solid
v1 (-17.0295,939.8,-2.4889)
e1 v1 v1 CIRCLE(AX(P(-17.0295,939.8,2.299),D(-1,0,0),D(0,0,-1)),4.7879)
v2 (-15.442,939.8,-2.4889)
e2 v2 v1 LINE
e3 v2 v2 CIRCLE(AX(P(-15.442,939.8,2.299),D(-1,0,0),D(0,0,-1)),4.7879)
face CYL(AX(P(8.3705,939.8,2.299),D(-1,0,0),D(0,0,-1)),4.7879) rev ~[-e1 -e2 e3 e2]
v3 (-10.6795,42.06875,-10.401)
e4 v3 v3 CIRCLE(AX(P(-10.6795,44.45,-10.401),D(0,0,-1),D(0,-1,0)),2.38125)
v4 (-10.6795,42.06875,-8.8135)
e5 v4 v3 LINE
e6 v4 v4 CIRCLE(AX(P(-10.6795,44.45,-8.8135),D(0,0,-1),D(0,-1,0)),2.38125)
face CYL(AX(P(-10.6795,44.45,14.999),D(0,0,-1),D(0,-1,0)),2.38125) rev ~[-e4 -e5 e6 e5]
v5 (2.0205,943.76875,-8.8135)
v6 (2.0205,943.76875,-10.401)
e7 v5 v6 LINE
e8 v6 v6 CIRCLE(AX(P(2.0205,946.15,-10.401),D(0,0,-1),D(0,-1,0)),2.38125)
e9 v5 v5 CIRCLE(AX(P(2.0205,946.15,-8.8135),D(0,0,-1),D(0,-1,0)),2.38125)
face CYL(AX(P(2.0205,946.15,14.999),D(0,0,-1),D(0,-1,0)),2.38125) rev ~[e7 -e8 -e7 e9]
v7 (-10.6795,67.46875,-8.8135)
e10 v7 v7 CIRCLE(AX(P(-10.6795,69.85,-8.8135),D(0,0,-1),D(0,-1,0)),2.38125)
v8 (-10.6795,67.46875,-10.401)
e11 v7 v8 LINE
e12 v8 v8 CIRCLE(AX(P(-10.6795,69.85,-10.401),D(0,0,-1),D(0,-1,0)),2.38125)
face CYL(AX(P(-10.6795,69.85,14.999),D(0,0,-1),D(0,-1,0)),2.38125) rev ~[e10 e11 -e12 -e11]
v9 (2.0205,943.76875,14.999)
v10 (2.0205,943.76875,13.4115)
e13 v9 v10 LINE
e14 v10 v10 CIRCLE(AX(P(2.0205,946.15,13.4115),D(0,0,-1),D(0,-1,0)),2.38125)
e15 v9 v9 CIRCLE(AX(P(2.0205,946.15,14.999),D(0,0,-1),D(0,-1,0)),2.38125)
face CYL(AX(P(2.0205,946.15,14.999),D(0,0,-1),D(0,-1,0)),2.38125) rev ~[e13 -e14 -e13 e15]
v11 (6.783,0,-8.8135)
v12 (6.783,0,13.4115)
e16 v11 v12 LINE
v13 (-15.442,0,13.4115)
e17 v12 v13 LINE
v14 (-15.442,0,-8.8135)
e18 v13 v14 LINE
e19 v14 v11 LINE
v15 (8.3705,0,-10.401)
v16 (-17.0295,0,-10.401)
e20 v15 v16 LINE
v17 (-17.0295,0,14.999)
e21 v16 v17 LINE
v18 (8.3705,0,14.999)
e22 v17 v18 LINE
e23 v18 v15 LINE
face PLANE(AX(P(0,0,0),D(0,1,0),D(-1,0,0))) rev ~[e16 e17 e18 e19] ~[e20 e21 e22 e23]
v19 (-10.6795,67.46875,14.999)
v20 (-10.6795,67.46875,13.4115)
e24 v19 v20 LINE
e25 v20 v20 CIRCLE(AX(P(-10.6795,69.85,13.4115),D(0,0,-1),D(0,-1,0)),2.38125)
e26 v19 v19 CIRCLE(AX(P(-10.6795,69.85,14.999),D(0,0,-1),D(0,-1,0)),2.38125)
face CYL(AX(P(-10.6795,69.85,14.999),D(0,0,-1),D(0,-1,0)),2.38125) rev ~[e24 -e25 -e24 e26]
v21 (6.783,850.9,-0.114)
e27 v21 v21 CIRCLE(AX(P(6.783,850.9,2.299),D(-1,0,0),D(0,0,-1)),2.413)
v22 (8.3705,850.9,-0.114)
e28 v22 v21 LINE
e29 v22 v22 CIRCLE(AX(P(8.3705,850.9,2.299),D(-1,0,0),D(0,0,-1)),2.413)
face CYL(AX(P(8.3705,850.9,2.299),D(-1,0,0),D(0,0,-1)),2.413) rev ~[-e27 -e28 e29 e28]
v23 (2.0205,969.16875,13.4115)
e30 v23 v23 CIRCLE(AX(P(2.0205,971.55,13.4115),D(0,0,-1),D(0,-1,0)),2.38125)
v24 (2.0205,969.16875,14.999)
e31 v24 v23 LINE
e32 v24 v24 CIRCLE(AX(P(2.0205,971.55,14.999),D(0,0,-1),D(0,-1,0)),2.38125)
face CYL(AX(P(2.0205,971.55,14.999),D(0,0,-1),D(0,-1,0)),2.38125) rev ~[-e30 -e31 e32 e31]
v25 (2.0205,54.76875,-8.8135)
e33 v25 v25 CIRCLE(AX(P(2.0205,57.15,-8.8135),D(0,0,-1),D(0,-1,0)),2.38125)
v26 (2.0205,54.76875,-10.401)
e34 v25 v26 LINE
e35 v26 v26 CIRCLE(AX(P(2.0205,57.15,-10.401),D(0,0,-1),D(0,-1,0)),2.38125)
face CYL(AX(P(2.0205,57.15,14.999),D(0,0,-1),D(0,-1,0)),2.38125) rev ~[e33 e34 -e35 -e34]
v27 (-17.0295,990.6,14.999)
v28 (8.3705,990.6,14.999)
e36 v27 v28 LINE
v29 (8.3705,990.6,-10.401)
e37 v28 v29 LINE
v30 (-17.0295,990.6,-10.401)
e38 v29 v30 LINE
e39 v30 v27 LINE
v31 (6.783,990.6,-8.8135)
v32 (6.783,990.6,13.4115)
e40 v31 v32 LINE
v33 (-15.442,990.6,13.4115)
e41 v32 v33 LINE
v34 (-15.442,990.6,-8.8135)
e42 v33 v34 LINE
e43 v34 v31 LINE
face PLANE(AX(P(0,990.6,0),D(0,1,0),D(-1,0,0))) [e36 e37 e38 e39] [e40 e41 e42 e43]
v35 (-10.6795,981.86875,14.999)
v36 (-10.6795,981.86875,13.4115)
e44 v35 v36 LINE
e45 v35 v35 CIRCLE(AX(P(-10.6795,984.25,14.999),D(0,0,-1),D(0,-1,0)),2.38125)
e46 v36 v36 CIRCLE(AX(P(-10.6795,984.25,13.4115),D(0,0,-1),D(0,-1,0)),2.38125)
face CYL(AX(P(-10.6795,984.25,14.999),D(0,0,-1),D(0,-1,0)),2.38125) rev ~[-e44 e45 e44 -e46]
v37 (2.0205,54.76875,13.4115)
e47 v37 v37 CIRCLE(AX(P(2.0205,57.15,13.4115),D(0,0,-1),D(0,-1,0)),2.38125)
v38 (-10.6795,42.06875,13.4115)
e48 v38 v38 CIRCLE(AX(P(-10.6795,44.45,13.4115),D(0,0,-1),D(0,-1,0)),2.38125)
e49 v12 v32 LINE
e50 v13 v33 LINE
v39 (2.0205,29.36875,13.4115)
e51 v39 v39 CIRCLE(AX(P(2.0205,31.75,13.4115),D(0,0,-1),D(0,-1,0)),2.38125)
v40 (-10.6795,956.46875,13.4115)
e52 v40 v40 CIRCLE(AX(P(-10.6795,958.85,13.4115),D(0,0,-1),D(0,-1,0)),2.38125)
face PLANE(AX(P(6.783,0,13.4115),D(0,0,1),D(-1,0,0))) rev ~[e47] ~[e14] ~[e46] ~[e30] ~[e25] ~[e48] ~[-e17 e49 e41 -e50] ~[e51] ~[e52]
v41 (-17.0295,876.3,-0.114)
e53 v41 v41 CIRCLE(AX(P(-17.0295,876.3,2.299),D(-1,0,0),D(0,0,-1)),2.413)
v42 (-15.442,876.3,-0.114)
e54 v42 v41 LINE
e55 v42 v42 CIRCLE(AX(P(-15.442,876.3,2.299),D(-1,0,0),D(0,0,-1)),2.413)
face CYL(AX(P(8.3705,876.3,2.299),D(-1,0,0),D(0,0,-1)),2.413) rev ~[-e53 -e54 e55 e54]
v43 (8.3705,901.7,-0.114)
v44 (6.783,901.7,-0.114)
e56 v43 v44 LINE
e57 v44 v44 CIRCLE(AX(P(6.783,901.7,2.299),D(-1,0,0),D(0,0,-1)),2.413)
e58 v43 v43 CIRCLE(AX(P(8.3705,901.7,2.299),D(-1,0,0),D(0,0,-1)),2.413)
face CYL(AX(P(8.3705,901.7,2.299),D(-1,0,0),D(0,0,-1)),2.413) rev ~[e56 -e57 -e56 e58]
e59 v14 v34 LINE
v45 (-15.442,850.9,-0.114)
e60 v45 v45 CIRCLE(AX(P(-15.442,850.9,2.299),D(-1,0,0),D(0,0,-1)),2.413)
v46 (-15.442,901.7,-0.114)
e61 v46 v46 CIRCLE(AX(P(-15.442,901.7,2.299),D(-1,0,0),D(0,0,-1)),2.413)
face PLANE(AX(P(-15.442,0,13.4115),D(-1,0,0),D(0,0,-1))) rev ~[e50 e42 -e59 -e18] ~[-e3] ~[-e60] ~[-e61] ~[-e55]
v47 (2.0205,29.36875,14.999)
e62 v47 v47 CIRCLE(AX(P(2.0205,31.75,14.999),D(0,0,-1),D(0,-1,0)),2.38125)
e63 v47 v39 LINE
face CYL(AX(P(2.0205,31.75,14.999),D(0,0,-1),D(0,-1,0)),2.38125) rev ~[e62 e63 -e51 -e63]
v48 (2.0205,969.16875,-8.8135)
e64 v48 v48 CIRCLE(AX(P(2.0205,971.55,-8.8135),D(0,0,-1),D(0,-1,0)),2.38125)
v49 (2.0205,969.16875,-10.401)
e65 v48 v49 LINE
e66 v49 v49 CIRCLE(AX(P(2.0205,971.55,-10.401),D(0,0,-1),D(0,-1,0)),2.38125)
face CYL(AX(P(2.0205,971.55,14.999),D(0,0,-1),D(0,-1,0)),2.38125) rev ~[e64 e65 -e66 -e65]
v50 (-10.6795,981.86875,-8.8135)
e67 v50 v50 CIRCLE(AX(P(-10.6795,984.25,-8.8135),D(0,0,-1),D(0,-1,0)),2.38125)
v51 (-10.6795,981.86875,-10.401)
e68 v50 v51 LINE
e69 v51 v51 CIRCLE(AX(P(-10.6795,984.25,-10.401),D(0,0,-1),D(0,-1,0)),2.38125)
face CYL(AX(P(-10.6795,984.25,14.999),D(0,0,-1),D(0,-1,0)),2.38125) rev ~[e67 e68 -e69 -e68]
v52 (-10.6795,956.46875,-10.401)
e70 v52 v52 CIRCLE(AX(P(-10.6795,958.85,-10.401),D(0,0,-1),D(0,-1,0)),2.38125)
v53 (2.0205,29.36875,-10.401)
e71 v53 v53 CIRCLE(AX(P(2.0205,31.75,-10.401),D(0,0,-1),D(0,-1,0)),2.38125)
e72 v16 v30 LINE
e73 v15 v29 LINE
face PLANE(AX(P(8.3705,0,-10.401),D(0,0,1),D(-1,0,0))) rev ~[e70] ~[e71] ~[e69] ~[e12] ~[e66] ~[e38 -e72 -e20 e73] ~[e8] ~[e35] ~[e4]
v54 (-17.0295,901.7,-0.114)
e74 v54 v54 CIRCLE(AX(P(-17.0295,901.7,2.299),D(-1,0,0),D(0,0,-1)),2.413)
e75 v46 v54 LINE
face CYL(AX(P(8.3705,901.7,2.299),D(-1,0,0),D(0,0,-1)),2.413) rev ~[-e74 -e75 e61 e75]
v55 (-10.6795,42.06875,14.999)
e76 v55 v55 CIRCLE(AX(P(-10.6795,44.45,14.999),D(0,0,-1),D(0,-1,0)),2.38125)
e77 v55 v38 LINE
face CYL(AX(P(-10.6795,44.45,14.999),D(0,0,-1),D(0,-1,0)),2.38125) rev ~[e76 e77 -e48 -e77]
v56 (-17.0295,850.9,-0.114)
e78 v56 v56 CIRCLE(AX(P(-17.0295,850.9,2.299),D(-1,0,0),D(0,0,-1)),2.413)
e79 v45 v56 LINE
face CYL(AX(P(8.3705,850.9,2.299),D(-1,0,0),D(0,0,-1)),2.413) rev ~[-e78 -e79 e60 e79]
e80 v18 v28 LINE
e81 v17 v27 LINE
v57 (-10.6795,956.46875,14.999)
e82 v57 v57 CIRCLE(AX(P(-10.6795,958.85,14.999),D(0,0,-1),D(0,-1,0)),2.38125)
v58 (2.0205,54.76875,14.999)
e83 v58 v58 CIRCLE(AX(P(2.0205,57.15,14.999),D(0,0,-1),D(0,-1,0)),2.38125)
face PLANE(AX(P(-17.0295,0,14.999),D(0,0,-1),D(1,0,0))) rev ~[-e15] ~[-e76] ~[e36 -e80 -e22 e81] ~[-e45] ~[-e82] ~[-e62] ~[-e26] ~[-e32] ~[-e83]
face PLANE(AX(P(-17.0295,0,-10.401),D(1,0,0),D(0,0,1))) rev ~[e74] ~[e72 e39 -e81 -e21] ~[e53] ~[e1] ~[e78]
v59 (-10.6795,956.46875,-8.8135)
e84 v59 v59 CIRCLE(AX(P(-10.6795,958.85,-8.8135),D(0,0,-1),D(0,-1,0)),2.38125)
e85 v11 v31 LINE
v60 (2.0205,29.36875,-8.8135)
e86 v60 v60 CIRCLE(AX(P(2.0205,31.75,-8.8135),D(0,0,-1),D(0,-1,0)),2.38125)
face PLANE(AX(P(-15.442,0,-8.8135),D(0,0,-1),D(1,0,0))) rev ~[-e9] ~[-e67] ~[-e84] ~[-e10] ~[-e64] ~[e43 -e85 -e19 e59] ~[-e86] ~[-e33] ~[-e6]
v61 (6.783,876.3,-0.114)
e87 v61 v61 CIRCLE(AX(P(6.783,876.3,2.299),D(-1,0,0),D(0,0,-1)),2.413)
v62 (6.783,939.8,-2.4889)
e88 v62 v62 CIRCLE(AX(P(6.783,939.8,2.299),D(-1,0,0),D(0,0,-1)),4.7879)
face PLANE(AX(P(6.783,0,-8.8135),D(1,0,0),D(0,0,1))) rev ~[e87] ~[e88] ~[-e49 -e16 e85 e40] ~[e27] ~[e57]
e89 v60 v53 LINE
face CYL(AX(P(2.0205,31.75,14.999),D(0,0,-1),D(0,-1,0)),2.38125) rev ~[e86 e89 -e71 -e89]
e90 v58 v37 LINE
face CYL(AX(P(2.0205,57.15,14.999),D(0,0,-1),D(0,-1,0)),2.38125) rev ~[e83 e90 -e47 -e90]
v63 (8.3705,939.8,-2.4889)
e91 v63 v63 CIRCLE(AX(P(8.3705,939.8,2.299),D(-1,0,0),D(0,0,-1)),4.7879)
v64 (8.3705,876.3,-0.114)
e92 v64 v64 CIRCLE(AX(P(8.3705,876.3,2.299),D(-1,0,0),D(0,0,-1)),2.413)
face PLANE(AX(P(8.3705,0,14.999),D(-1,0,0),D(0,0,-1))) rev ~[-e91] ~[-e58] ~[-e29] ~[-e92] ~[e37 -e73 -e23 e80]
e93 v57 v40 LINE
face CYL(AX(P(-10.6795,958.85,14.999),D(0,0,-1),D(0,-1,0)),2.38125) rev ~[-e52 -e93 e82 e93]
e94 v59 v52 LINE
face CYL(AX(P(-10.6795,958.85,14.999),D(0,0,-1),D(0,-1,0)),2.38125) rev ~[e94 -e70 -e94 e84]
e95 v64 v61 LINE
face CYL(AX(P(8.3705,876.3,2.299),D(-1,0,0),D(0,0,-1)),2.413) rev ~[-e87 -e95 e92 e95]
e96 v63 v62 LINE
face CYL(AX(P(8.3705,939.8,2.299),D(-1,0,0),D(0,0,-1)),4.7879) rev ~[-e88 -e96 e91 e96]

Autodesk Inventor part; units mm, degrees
ref_plane "YZ Plane" through (0, 0, 0) normal (1, 0, 0) x (0, 1, 0)
ref_plane "XZ Plane" through (0, 0, 0) normal (0, 1, 0) x (-1, 0, 0)
ref_plane "XY Plane" through (0, 0, 0) normal (0, 0, 1) x (1, 0, 0)
sketch "Sketch1" plane through (0, 0, 0) normal (0, 1, 0) x (-1, 0, 0)
  line L0 (17.0295, 14.999) -> (-8.3705, 14.999)
  line L1 (-8.3705, 14.999) -> (-8.3705, -10.401)
  line L2 (-8.3705, -10.401) -> (17.0295, -10.401)
  line L3 (17.0295, -10.401) -> (17.0295, 14.999)
  line L4 (15.442, -8.8135) -> (-6.783, -8.8135)
  line L5 (-6.783, -8.8135) -> (-6.783, 13.4115)
  line L6 (-6.783, 13.4115) -> (15.442, 13.4115)
  line L7 (15.442, 13.4115) -> (15.442, -8.8135)
  point P0 (0, 0)
  dimension "d0" = 25.4
  dimension "d1" = 25.4
  dimension "d4" = 1.5875
  dimension "d5" = 1.5875
  dimension "d6" = 1.5875
  dimension "d7" = 1.5875
extrude "Extrusion2" add sketch "Sketch1" along normal blind 990.6
sketch "Sketch4" plane through (8.3705, 0, 14.999) normal (1, 0, 0) x (0, 0, -1)
  line L0 (25.4, 0) -> (25.4, 990.6) projected
  line L1 (0, 990.6) -> (25.4, 990.6) projected
  point P0 (14.999, 0)
  point P1 (12.7, 939.8)
  dimension "d28" = 12.7
  dimension "d29" = 50.8
hole "Hole3" at (8.3705, 939.8, 2.299) direction (-1, 0, 0) diameter 9.5758 depth 25.4 tip angle 118
sketch "Sketch5" plane through (8.3705, 0, 14.999) normal (1, 0, 0) x (0, 0, -1)
  line L0 (0, 0) -> (0, 990.6) projected
  line L1 (0, 990.6) -> (25.4, 990.6) projected
  point P0 (14.999, 0)
  point P1 (12.7, 901.7)
  point P2 (12.7, 876.3)
  point P3 (12.7, 850.9)
  dimension "d37" = 25.4
  dimension "d38" = 25.4
  dimension "d39" = 12.7
  dimension "d40" = 12.7
  dimension "d41" = 12.7
  dimension "d42" = 88.9
hole "Hole4" at (8.3705, 901.7, 2.299) at (8.3705, 876.3, 2.299) at (8.3705, 850.9, 2.299) direction (-1, 0, 0) diameter 4.826 depth 25.4 tip angle 118
sketch "Sketch6" plane through (-17.0295, 0, 14.999) normal (0, 0, 1) x (1, 0, 0)
  line L0 (0, 0) -> (0, 990.6) projected
  line L1 (0, 990.6) -> (25.4, 990.6) projected
  line L2 (25.4, 0) -> (25.4, 990.6) projected
  point P0 (17.0295, 0)
  point P1 (6.35, 984.25)
  point P2 (19.05, 971.55)
  point P3 (6.35, 958.85)
  point P4 (19.05, 946.15)
  dimension "d50" = 6.35
  dimension "d51" = 6.35
  dimension "d52" = 6.35
  dimension "d53" = 25.4
  dimension "d54" = 6.35
  dimension "d55" = 19.05
  dimension "d56" = 6.35
  dimension "d57" = 25.4
hole "Hole5" at (-10.6795, 984.25, 14.999) at (2.0205, 971.55, 14.999) at (-10.6795, 958.85, 14.999) at (2.0205, 946.15, 14.999) direction (0, 0, -1) diameter 4.7625 depth 25.4 tip angle 118
sketch "Sketch7" plane through (-17.0295, 0, 14.999) normal (0, 0, 1) x (1, 0, 0)
  line L0 (25.4, 0) -> (25.4, 990.6) projected
  line L1 (0, 0) -> (25.4, 0) projected
  line L2 (0, 0) -> (0, 990.6) projected
  point P0 (17.0295, 0)
  point P1 (19.05, 31.75)
  point P2 (19.05, 57.15)
  point P3 (6.35, 44.45)
  point P4 (6.35, 69.85)
  dimension "d65" = 6.35
  dimension "d66" = 31.75
  dimension "d67" = 6.35
  dimension "d68" = 25.4
  dimension "d69" = 6.35
  dimension "d70" = 6.35
  dimension "d71" = 25.4
  dimension "d72" = 44.45
hole "Hole6" at (2.0205, 31.75, 14.999) at (2.0205, 57.15, 14.999) at (-10.6795, 44.45, 14.999) at (-10.6795, 69.85, 14.999) direction (0, 0, -1) diameter 4.7625 depth 25.4 tip angle 118
equation "\"d0\" = ElvBeamWidth"
equation "\"d1\" = ElvBeamWidth"
equation "\"d4\" = ElvWallWidth"
equation "\"d5\" = ElvWallWidth"
equation "\"d6\" = ElvWallWidth"
equation "\"d7\" = ElvWallWidth"
equation "\"d8\" = ElvFrontBeamLength"
equation "\"d29\" = ElvHoleFromFixed"
equation "\"ElvMiddleBeamLength\" = 990.6"
equation "\"ElvWallWidth\" = 1.5875"
equation "\"ElvFrontBeamLength\" = 990.6"
equation "\"ElvEndEffectLength\" = 431.8"
equation "\"ElvCrossBeamLength\" = 304.8"
equation "\"ElvBeamWidth\" = 25.4"
equation "\"ElvFrontBeamLength_1\" = 1066.8"
equation "\"ElvFixedBeamLength\" = 990.6"
equation "\"ElvDelHeight\" = 101.6"
equation "\"ElvDelDepth\" = 6.35"
equation "\"ElvDelFrontTabLength\" = 6.35"
equation "\"ElvDelWidth\" = 18.542"
equation "\"ElvTopBeamLength\" = 457.2"
equation "\"ElvHoleFromBottom\" = 38.1"
equation "\"ElvHoleFromFront\" = 25.4"
equation "\"ElvHoleFromMid\" = 38.1"
equation "\"ElvHoleFromFixed\" = 50.8"
equation "\"ElvRivetPlateLength\" = 76.2"
equation "\"ElvDelMiddleTabLength\" = 6.35"
properties part number "ElvFixedBeam" material "Aluminum 6061"
